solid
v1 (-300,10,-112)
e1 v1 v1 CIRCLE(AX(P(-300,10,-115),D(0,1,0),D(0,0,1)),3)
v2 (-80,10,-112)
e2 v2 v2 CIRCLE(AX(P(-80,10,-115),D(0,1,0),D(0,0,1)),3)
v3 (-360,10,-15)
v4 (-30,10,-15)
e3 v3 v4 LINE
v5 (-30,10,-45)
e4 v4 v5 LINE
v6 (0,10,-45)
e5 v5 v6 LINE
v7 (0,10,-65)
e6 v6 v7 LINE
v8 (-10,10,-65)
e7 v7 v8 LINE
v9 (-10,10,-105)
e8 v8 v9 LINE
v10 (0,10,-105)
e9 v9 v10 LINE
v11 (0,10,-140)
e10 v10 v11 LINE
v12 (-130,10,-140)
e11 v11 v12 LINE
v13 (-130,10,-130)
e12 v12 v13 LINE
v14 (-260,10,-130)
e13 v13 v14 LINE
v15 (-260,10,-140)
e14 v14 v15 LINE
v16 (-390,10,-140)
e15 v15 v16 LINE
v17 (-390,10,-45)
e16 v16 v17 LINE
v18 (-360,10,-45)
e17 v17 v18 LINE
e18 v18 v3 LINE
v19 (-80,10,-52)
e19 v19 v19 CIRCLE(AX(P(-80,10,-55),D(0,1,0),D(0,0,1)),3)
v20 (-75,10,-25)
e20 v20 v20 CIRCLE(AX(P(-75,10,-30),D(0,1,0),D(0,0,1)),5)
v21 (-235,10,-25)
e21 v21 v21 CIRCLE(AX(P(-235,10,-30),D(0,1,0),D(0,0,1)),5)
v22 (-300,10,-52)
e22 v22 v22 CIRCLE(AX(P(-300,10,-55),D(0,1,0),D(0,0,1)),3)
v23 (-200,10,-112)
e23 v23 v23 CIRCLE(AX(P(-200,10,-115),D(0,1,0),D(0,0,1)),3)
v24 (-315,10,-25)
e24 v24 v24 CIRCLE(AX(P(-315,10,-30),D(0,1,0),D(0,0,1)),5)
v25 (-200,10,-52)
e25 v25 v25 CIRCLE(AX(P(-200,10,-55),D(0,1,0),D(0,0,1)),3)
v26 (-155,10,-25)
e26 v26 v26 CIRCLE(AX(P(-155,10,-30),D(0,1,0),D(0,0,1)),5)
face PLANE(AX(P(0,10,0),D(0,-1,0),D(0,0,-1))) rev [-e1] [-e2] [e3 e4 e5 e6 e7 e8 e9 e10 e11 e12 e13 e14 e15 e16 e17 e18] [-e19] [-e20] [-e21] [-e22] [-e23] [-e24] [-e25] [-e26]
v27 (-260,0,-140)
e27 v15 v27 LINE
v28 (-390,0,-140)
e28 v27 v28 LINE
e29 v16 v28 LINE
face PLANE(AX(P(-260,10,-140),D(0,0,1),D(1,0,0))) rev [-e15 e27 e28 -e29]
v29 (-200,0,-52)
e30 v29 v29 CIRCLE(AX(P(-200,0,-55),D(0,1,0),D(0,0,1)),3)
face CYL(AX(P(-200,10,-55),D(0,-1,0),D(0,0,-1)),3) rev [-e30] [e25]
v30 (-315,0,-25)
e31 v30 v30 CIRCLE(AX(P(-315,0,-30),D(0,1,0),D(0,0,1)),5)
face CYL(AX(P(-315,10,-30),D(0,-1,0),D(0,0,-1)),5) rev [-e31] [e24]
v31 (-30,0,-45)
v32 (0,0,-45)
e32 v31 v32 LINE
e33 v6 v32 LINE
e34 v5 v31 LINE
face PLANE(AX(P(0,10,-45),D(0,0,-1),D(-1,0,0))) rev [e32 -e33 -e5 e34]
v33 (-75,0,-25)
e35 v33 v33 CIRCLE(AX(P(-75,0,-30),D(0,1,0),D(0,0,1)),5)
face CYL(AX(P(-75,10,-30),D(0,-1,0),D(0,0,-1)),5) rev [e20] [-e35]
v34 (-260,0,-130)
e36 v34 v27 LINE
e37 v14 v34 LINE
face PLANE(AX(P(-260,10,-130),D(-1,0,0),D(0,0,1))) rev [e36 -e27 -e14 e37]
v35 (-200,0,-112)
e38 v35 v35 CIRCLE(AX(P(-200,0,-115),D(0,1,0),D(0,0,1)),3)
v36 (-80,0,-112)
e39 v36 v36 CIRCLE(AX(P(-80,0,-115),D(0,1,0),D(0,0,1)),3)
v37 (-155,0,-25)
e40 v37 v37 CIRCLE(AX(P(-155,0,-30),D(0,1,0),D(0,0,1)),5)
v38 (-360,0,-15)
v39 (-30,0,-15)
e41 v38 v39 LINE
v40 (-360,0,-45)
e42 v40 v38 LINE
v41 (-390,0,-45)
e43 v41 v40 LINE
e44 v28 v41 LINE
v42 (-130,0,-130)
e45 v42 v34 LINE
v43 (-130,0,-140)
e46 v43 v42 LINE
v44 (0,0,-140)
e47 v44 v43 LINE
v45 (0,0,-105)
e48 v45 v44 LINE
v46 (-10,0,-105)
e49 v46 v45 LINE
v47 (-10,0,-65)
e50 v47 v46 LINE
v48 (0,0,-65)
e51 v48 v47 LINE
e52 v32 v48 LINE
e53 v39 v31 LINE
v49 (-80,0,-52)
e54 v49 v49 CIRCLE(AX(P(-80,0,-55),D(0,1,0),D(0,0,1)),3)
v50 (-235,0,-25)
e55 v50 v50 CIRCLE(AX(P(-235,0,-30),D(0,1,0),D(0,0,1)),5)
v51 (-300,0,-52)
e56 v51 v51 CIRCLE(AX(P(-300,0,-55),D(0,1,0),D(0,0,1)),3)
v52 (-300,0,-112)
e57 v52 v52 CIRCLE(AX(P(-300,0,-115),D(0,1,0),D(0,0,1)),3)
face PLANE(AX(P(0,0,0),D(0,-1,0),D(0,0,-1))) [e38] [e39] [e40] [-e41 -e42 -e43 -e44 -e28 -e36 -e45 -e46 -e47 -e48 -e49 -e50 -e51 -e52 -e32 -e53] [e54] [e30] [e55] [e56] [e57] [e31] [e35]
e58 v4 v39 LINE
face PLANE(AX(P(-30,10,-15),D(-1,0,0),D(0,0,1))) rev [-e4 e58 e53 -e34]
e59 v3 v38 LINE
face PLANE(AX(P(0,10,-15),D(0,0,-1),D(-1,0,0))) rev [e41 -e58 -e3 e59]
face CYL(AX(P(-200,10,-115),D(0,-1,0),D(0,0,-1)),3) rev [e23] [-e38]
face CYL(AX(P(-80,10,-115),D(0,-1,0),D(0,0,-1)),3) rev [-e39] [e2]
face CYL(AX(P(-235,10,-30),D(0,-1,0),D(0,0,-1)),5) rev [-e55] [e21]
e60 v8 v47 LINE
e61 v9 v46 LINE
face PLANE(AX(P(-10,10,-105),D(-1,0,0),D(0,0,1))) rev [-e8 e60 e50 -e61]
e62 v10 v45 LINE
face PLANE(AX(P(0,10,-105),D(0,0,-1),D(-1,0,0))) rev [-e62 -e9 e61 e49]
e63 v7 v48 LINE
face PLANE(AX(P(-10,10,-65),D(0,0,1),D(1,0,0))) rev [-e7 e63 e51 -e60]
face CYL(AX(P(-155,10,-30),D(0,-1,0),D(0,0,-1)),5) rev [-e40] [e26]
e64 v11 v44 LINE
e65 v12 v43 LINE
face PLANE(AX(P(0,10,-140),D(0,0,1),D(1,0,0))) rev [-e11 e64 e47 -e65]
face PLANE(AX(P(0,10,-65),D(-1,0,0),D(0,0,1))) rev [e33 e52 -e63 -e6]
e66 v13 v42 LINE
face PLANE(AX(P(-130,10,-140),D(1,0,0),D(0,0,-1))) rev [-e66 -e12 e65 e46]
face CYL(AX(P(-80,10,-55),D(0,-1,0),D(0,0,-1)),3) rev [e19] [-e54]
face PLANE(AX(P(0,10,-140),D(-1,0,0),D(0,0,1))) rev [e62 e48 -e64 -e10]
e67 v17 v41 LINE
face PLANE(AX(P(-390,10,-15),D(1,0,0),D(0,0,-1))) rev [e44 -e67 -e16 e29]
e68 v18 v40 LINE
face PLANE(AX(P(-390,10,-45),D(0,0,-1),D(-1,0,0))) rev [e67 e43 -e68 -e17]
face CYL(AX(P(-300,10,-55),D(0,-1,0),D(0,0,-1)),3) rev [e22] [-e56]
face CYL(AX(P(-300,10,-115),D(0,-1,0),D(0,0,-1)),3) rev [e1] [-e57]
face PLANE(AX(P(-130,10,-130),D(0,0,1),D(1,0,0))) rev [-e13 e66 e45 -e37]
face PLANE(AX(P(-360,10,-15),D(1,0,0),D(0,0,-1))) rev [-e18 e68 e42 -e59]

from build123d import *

# Parameters (mm, degrees)
SKETCH1_R           = 5
SKETCH1_R_2         = 3
BOSS_EXTRUDE1_DEPTH = 10
SKETCH2_W           = 30
SKETCH2_H           = 30
CUT_EXTRUDE1_DEPTH  = 10


with BuildPart() as part:
    # Sketch1 → Boss-Extrude1 (new body)
    with BuildSketch(Plane(origin=(0, 0, 0), x_dir=(1, 0, 0), z_dir=(0, 1, 0))):
        Polygon((0, 15), (-390, 15), (-390, 140), (-260, 140), (-260, 130), (-130, 130), (-130, 140), (0, 140), (0, 105), (-10, 105), (-10, 65), (0, 65), align=None)
        with Locations((-315, 30)):
            Circle(SKETCH1_R, mode=Mode.SUBTRACT)
        with Locations((-235, 30)):
            Circle(SKETCH1_R, mode=Mode.SUBTRACT)
        with Locations((-155, 30)):
            Circle(SKETCH1_R, mode=Mode.SUBTRACT)
        with Locations((-75, 30)):
            Circle(SKETCH1_R, mode=Mode.SUBTRACT)
        with Locations((-80, 55)):
            Circle(SKETCH1_R_2, mode=Mode.SUBTRACT)
        with Locations((-200, 55)):
            Circle(SKETCH1_R_2, mode=Mode.SUBTRACT)
        with Locations((-300, 55)):
            Circle(SKETCH1_R_2, mode=Mode.SUBTRACT)
        with Locations((-300, 115)):
            Circle(SKETCH1_R_2, mode=Mode.SUBTRACT)
        with Locations((-200, 115)):
            Circle(SKETCH1_R_2, mode=Mode.SUBTRACT)
        with Locations((-80, 115)):
            Circle(SKETCH1_R_2, mode=Mode.SUBTRACT)
    extrude(amount=BOSS_EXTRUDE1_DEPTH)

    # Sketch2 → Cut-Extrude1 (cut)
    with BuildSketch(Plane.XZ):
        with Locations((-15, -30)):
            Rectangle(SKETCH2_W, SKETCH2_H)
        with Locations((-375, -30)):
            Rectangle(SKETCH2_W, SKETCH2_H)
    extrude(amount=-CUT_EXTRUDE1_DEPTH, mode=Mode.SUBTRACT)


solid = part.part
